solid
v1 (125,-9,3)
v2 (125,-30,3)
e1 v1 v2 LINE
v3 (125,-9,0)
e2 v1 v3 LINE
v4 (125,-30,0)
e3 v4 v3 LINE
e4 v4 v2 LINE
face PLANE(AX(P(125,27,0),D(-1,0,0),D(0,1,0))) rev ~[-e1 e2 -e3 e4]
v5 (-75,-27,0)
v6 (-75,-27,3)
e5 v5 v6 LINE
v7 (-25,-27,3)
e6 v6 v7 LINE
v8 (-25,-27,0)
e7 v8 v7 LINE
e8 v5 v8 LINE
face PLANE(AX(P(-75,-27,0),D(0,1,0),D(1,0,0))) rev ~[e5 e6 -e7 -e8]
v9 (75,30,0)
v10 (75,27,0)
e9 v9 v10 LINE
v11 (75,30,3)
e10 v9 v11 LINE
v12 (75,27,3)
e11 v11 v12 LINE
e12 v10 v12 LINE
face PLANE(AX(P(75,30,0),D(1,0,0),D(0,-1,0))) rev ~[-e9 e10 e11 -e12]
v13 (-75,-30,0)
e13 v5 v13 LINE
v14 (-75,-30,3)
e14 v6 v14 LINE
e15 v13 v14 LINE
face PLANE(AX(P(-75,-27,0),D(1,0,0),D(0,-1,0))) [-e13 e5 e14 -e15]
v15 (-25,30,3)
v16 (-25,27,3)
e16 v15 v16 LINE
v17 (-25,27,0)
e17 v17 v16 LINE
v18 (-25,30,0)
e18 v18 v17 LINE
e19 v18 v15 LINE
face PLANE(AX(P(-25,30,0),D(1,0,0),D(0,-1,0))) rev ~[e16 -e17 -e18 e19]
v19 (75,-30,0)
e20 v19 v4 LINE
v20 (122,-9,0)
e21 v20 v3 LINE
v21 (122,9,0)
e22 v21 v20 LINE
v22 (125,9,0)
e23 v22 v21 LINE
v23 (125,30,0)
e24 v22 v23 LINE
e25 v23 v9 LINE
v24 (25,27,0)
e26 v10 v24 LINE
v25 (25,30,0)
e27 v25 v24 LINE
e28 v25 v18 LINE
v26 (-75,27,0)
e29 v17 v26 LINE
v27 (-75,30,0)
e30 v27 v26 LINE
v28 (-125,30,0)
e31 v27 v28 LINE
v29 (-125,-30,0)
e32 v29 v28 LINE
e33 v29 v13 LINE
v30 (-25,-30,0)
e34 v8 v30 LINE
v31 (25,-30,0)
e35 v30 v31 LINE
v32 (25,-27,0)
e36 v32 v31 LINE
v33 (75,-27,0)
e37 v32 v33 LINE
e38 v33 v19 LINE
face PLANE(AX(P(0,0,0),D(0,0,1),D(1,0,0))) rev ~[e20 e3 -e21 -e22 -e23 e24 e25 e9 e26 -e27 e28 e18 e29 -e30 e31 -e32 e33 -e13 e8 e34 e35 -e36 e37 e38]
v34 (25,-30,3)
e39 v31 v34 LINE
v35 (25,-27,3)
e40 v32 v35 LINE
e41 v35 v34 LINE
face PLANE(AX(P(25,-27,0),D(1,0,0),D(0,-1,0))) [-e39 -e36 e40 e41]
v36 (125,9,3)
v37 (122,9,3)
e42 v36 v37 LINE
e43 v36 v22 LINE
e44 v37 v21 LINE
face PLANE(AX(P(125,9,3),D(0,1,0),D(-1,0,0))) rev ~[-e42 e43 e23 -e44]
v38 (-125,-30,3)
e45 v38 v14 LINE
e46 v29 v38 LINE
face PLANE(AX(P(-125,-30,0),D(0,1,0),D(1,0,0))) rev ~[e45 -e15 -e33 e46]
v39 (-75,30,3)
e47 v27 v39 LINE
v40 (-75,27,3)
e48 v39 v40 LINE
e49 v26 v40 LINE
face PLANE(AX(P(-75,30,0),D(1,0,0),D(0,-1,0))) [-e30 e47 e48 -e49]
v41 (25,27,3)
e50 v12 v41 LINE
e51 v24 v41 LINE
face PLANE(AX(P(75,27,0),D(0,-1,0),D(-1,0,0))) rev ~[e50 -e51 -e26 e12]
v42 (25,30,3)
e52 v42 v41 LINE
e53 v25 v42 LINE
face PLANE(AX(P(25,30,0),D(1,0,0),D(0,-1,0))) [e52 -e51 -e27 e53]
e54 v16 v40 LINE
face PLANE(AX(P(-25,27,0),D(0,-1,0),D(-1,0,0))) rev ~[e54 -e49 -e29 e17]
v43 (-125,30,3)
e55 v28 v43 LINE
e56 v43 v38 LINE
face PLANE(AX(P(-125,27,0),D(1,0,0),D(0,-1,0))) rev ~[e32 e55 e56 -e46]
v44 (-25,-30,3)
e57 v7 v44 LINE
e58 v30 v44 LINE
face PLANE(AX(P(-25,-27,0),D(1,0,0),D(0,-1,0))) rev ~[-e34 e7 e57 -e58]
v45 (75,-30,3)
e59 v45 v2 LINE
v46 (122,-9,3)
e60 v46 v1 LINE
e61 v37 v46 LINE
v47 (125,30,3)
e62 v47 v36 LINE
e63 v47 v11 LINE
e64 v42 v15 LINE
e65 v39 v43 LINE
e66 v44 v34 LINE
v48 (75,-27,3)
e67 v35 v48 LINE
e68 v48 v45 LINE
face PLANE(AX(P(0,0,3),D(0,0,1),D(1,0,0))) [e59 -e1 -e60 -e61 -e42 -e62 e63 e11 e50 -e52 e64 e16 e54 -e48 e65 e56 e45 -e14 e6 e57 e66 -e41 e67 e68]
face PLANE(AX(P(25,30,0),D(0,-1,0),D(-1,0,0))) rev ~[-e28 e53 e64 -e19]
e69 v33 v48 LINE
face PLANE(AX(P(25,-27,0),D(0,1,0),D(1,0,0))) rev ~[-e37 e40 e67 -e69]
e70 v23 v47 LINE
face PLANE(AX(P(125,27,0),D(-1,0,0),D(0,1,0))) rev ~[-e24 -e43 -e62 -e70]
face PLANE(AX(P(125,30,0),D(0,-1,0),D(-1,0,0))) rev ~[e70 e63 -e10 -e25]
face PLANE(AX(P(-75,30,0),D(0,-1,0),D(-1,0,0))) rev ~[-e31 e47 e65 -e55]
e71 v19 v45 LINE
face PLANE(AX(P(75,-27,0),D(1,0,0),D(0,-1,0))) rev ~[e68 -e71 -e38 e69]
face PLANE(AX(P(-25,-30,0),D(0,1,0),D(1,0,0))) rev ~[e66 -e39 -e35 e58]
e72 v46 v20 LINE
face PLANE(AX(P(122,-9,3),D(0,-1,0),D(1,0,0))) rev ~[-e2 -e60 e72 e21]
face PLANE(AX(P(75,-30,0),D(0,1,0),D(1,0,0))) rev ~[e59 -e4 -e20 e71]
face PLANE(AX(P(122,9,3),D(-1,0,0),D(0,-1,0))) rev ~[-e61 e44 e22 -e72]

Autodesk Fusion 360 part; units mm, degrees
sketch "Sketch1" plane through (0, 0, 0) normal (0, 0, 1) x (1, 0, 0) in component "Step front"
  line L0 (125, 30) -> (-125, 30)
  line L1 (-125, 30) -> (-125, -30)
  line L2 (-125, -30) -> (125, -30)
  line L3 (125, -30) -> (125, 30)
  line L4 (125, 30) -> (-125, -30) construction
  line L5 (-125, 30) -> (125, -30) construction
  line L6 (-125, 30) -> (-75, 30)
  line L7 (-75, 30) -> (-75, 27)
  line L8 (-75, 27) -> (-125, 27)
  line L9 (-125, 27) -> (-125, 30)
  line L10 (-25, 27) -> (-75, 27)
  line L11 (-25, 30) -> (-25, 27)
  line L12 (-75, 30) -> (-25, 30)
  line L13 (-75, 30) -> (-75, -30)
  line L14 (25, 27) -> (-25, 27)
  line L15 (25, 30) -> (25, 27)
  line L16 (-25, 30) -> (25, 30)
  line L17 (-25, 30) -> (-25, -30)
  line L18 (75, 27) -> (25, 27)
  line L19 (75, 30) -> (75, 27)
  line L20 (25, 30) -> (75, 30)
  line L21 (25, 30) -> (25, -30)
  line L22 (125, 27) -> (75, 27)
  line L23 (125, 30) -> (125, 27)
  line L24 (75, 30) -> (125, 30)
  line L25 (75, 30) -> (75, -30)
  line L26 (-75, -30) -> (-125, -30)
  line L27 (-75, -27) -> (-75, -30)
  line L28 (-125, -27) -> (-75, -27)
  line L29 (-125, -27) -> (-125, -30)
  line L30 (-25, -30) -> (-75, -30)
  line L31 (-25, -27) -> (-25, -30)
  line L32 (-75, -27) -> (-25, -27)
  line L33 (-75, -27) -> (-75, -30)
  line L34 (25, -30) -> (-25, -30)
  line L35 (25, -27) -> (25, -30)
  line L36 (-25, -27) -> (25, -27)
  line L37 (-25, -27) -> (-25, -30)
  line L38 (75, -30) -> (25, -30)
  line L39 (75, -27) -> (75, -30)
  line L40 (25, -27) -> (75, -27)
  line L41 (25, -27) -> (25, -30)
  line L42 (125, -30) -> (75, -30)
  line L43 (125, -27) -> (125, -30)
  line L44 (75, -27) -> (125, -27)
  line L45 (75, -27) -> (75, -30)
  dimension "d1" = 250
  dimension "d2" = 60
  dimension "d9" = 50
  dimension "d10" = 3
extrude "Extrude3" add sketch "Sketch1" along normal blind 3 contours L0 L3 L19 L22 L23 L24 L25 | L3 L22 L25 L44 | L0 L11 L14 L15 L16 L17 L21 | L18 L21 L25 L40 | L2 L3 L25 L39 L42 L43 L44 L45 | L14 L17 L21 L36 | L0 L1 L6 L7 L8 L9 L13 | L10 L13 L17 L32 | L2 L17 L21 L31 L34 L35 L36 L37 L41 | L1 L8 L13 L28 | L1 L2 L13 L26 L27 L28 L29 L33 in component "Step front"
sketch "Sketch3" plane through (0, 0, 3) normal (0, 0, 1) x (-1, 0, 0) in component "Step front"
  line L0 (-25, 27) -> (-75, 27)
  line L1 (-75, 27) -> (-75, 30)
  line L2 (-75, 30) -> (-125, 30)
  line L3 (-125, 30) -> (-125, -30)
  line L4 (-125, -30) -> (-75, -30)
  line L5 (-75, -30) -> (-75, -27)
  line L6 (-75, -27) -> (-25, -27)
  line L7 (-25, -27) -> (-25, -30)
  line L8 (-25, -30) -> (25, -30)
  line L9 (25, -30) -> (25, -27)
  line L10 (25, -27) -> (75, -27)
  line L11 (75, -27) -> (75, -30)
  line L12 (75, -30) -> (125, -30)
  line L13 (125, -30) -> (125, 30)
  line L14 (125, 30) -> (75, 30)
  line L15 (75, 30) -> (75, 27)
  line L16 (75, 27) -> (25, 27)
  line L17 (25, 27) -> (25, 30)
  line L18 (25, 30) -> (-25, 30)
  line L19 (-25, 30) -> (-25, 27)
  line L20 (-125, -30) -> (-122, -30) construction
  line L21 (-122, -30) -> (-122, -8) construction
  line L22 (-122, -8) -> (-125, -8) construction
  line L23 (-125, -8) -> (-125, -30) construction
  line L24 (-125, 30) -> (-122, 30) construction
  line L25 (-122, 30) -> (-122, 8) construction
  line L26 (-122, 8) -> (-125, 8) construction
  line L27 (-125, 8) -> (-125, 30) construction
  line L28 (-125, -9) -> (-122, -9)
  line L29 (-122, -9) -> (-122, 9)
  line L30 (-122, 9) -> (-125, 9)
  line L31 (-125, 9) -> (-125, -9)
  dimension "d17" = 22
  dimension "d18" = 3
  dimension "d19" = 22
extrude "Extrude4" cut sketch "Sketch3" against normal blind 12 contours L3 L28 L29 L30 L31 in component "Step front"
sketch "Sketch1 (2)" plane through (0, 0, 3) normal (0, 0, 1) x (-1, 0, 0)
  line L0 (-122, -9) -> (-125, -9)
  line L1 (-125, -9) -> (-125, -30)
  line L2 (-125, -30) -> (-75, -30)
  line L3 (-75, -30) -> (-75, -27)
  line L4 (-75, -27) -> (-25, -27)
  line L5 (-25, -27) -> (-25, -30)
  line L6 (-25, -30) -> (25, -30)
  line L7 (25, -30) -> (25, -27)
  line L8 (25, -27) -> (75, -27)
  line L9 (75, -27) -> (75, -30)
  line L10 (75, -30) -> (125, -30)
  line L11 (125, -30) -> (125, 30)
  line L12 (125, 30) -> (75, 30)
  line L13 (75, 30) -> (75, 27)
  line L14 (75, 27) -> (25, 27)
  line L15 (25, 27) -> (25, 30)
  line L16 (25, 30) -> (-25, 30)
  line L17 (-25, 30) -> (-25, 27)
  line L18 (-25, 27) -> (-75, 27)
  line L19 (-75, 27) -> (-75, 30)
  line L20 (-75, 30) -> (-125, 30)
  line L21 (-125, 30) -> (-125, 9)
  line L22 (-125, 9) -> (-122, 9)
  line L23 (-122, 9) -> (-122, -9)
component "Step front" placed x (1, 0, 0) y (0, 1, 0) z (0, 0, 1) at (0, 0, 0)
